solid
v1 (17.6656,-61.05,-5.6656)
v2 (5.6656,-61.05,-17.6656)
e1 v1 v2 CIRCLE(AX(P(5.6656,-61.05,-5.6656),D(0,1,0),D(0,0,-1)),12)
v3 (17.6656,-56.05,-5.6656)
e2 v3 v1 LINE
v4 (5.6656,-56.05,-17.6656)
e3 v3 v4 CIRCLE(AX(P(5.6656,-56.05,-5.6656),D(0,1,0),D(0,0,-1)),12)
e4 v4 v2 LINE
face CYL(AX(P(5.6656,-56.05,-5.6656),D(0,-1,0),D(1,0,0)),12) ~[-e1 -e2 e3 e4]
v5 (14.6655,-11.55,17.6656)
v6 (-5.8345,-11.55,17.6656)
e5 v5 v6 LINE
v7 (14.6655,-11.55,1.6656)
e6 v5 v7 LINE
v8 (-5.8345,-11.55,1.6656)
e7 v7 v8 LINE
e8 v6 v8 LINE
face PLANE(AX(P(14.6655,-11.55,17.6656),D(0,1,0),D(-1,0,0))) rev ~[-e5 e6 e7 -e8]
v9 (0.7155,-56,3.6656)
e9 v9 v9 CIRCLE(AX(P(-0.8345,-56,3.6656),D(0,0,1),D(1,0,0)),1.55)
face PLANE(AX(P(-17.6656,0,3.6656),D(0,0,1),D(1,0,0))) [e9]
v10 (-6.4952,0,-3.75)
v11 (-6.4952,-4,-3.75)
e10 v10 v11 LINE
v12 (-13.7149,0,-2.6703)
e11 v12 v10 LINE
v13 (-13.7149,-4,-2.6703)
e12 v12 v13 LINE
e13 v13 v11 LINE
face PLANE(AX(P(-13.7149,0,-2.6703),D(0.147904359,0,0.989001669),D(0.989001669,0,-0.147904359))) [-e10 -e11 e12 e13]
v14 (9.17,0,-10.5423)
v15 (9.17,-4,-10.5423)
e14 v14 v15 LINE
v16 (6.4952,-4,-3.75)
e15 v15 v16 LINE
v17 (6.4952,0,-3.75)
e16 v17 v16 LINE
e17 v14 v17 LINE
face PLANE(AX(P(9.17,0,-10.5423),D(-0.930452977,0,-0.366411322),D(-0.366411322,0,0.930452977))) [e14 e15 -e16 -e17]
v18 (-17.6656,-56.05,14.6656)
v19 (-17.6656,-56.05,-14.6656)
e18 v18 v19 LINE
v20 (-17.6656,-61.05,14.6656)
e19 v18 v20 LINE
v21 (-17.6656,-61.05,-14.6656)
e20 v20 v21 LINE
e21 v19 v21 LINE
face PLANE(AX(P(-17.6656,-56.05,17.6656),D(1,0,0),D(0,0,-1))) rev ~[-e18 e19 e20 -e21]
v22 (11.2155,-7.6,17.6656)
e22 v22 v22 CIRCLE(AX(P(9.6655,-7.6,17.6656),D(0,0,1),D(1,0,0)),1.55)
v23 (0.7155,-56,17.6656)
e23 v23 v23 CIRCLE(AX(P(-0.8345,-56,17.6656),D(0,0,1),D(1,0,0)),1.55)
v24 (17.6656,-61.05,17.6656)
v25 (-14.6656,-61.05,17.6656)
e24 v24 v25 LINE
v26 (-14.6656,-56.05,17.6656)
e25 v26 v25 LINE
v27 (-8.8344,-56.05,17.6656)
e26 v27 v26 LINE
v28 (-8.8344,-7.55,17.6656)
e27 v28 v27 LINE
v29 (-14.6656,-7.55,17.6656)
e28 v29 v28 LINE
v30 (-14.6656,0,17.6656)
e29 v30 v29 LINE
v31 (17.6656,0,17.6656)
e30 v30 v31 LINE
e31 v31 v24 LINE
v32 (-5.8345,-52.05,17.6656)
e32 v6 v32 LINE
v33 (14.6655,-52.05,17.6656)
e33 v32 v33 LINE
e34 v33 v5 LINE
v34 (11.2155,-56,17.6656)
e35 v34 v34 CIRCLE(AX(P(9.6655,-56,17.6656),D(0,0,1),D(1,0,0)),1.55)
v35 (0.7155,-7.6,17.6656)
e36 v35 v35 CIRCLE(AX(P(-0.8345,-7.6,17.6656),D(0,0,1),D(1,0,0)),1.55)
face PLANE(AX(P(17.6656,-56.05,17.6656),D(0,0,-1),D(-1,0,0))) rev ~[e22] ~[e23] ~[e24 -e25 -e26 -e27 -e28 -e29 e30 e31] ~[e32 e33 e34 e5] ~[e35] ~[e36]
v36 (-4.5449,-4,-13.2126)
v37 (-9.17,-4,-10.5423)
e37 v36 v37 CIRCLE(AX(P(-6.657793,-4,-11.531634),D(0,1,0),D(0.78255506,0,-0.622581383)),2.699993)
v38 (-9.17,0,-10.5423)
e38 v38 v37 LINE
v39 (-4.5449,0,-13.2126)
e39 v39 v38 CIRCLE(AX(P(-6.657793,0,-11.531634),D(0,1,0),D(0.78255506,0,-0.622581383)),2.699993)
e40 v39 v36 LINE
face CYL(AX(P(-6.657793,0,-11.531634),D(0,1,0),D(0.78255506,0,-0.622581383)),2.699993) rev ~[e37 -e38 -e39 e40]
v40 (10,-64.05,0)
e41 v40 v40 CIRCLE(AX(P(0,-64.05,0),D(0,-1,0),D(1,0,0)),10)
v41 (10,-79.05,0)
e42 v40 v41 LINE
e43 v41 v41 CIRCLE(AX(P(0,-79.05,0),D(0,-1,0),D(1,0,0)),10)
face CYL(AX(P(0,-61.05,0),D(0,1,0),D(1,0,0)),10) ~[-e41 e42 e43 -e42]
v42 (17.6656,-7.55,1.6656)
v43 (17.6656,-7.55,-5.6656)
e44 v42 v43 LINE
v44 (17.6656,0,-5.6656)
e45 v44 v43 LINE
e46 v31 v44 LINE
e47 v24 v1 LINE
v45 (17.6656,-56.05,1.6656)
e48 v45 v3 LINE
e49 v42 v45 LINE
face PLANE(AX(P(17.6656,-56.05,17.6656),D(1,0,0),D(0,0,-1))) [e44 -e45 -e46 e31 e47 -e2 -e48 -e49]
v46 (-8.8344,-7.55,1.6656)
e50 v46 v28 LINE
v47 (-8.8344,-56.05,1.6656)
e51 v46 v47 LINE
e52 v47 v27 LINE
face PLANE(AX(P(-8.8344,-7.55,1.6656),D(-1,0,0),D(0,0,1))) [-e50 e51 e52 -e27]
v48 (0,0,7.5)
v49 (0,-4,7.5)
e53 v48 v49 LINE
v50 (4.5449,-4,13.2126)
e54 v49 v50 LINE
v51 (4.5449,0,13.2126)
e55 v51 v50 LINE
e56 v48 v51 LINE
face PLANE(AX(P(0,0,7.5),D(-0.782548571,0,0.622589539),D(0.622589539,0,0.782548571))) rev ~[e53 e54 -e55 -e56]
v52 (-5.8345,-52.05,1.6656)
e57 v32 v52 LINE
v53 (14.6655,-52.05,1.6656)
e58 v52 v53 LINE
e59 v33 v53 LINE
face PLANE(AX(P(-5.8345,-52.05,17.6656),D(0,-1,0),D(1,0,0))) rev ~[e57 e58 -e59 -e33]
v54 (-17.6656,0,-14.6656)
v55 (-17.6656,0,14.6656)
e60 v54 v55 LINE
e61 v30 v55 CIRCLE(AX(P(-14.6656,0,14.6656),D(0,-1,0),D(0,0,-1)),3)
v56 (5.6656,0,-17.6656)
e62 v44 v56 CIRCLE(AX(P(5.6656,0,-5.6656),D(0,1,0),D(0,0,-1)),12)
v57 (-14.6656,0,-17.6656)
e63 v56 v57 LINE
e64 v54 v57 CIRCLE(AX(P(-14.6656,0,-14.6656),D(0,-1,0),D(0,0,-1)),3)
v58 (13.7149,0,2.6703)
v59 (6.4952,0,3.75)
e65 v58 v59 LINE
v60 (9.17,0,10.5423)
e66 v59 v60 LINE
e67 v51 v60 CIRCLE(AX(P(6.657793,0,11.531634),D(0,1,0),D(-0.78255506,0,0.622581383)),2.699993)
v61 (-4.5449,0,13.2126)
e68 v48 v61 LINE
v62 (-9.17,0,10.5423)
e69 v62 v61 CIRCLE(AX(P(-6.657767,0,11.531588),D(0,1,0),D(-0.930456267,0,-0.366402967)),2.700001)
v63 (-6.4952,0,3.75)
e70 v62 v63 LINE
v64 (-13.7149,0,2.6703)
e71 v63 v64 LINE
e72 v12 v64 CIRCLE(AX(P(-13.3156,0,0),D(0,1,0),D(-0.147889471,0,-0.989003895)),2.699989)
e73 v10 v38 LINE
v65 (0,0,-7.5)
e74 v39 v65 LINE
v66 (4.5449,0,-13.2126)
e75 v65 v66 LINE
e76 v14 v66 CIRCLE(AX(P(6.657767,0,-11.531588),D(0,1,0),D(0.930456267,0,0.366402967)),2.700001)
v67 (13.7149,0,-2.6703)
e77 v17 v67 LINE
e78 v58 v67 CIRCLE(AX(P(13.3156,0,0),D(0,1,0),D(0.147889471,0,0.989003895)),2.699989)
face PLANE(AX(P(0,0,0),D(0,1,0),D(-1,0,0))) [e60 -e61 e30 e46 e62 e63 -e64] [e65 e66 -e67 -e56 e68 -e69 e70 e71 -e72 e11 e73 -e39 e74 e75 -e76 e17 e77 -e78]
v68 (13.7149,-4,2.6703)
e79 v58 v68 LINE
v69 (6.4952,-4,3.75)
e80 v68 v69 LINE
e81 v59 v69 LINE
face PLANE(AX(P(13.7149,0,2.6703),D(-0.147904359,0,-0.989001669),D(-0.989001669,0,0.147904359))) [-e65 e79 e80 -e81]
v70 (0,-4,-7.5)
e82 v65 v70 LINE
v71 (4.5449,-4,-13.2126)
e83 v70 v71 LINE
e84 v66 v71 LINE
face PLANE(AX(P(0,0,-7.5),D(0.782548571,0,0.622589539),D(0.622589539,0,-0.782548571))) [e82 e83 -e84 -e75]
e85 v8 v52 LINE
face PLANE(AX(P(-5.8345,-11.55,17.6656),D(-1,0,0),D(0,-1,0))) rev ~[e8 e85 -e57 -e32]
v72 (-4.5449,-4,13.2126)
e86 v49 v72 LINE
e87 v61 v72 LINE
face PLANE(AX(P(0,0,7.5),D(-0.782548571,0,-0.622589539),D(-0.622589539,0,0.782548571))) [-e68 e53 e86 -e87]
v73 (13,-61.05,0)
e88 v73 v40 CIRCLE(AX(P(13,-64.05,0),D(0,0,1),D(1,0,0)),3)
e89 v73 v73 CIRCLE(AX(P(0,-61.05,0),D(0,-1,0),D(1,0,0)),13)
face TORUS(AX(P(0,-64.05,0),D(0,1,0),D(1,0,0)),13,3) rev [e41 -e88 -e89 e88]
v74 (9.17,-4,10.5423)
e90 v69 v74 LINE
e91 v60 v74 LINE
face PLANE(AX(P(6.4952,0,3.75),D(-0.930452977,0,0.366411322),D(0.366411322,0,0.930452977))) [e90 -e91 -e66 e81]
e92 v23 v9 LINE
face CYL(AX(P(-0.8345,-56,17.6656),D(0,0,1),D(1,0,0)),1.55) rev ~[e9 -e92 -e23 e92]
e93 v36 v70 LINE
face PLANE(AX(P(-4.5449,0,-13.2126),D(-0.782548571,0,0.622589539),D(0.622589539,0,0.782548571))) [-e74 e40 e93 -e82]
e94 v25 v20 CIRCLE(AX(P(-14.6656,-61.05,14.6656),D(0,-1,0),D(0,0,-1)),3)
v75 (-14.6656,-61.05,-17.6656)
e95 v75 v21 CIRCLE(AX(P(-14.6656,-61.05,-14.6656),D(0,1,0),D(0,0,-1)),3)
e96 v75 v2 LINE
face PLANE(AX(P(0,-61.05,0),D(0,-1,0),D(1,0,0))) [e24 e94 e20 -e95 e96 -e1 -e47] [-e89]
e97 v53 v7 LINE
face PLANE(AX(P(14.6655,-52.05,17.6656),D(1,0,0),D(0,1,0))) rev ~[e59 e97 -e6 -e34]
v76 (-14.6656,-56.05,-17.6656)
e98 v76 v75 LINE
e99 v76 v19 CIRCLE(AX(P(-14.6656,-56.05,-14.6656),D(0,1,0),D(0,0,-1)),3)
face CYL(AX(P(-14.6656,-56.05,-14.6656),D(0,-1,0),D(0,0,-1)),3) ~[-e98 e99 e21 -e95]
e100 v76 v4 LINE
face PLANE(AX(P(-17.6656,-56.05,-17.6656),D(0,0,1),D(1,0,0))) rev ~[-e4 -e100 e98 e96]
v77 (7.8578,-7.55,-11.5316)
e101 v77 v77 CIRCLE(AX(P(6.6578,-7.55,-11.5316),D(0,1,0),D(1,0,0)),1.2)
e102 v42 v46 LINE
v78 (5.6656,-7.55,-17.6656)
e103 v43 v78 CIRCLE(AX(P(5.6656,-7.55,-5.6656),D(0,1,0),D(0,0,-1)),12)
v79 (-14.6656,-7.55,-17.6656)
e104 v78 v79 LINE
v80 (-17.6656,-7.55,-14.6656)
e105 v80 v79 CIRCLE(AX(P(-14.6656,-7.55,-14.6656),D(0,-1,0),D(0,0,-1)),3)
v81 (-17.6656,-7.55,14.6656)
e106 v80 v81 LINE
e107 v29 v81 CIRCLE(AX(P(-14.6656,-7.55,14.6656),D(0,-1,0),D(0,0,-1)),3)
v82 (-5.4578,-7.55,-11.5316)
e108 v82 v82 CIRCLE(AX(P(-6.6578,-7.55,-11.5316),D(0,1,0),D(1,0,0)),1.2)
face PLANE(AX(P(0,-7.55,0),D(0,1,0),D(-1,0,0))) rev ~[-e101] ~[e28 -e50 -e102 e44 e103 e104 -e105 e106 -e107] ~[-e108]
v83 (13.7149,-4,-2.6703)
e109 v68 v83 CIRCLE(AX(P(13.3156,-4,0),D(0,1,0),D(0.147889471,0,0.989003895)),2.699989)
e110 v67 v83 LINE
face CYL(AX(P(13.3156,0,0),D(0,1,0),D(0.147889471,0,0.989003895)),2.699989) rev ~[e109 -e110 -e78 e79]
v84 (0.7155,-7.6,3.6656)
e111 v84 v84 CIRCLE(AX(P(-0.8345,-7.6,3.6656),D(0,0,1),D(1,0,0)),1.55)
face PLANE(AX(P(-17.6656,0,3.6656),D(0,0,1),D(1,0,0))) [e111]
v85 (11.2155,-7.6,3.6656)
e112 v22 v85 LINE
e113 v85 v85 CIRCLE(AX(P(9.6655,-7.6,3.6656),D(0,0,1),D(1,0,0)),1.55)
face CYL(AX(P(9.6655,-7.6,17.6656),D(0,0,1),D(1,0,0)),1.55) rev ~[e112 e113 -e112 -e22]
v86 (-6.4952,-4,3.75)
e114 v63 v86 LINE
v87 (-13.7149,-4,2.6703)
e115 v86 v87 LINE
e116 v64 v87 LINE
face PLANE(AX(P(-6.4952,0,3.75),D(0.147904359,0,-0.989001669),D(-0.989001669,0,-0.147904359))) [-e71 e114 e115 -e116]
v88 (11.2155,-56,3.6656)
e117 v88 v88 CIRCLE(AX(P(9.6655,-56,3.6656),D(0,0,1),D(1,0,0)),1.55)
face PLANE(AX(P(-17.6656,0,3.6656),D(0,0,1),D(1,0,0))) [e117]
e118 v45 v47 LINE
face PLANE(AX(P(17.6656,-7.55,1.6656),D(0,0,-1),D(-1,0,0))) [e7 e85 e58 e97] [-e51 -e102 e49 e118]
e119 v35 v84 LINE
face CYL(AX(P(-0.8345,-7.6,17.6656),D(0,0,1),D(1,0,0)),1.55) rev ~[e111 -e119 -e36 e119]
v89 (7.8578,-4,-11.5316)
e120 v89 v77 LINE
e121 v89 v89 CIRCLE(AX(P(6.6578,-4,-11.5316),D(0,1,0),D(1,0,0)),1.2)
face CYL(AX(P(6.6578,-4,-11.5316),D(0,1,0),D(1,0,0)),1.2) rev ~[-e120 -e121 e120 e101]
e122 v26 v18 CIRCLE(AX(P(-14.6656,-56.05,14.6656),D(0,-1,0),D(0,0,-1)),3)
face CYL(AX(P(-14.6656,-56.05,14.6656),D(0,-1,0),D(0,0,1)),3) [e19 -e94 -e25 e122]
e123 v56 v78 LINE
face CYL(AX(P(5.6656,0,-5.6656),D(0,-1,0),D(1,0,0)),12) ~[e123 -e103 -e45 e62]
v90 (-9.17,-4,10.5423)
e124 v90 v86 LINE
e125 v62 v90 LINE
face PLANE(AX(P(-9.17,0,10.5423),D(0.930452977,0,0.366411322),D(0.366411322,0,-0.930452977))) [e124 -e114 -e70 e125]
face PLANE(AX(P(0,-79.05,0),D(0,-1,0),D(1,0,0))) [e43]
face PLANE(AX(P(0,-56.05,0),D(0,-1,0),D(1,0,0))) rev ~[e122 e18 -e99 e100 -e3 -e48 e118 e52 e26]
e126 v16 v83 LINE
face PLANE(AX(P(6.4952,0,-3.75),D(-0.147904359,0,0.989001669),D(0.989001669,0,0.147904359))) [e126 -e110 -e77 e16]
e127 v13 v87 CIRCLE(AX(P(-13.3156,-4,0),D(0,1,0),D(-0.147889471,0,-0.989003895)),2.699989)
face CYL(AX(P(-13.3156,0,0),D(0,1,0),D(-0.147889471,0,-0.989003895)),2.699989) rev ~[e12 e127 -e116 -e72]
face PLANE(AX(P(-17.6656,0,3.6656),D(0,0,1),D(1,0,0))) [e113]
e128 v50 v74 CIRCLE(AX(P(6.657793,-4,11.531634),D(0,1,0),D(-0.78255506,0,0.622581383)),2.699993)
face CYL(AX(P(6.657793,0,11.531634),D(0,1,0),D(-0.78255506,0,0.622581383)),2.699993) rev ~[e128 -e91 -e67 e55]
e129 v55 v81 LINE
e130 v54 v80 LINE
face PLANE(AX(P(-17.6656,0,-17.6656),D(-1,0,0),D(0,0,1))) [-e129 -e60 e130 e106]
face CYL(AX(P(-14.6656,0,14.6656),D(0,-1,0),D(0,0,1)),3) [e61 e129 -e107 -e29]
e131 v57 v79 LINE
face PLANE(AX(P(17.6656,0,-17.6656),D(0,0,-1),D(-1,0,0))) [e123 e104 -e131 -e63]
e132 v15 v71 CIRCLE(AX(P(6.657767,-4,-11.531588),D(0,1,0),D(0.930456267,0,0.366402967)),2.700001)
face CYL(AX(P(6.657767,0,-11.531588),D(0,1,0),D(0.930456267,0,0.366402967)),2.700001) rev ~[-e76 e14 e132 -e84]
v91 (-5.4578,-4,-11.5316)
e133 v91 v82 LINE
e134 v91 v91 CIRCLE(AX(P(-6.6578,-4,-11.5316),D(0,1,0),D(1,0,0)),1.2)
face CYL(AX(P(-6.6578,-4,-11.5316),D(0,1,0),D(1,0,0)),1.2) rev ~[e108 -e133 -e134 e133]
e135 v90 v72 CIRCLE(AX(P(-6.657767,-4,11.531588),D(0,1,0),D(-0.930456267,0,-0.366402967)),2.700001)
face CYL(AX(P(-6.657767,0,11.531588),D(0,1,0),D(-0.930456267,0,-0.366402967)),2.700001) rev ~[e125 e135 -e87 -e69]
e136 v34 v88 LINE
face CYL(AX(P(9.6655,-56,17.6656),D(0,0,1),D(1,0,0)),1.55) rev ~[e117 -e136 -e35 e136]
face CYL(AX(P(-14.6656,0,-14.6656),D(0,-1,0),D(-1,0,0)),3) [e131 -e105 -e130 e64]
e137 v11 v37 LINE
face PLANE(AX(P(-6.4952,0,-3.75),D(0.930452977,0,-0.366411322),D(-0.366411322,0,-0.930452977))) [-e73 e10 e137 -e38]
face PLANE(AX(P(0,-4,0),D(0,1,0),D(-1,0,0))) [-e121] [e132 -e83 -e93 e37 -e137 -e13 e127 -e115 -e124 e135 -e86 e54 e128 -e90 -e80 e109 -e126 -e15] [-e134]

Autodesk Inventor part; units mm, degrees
ref_plane "YZ Plane" through (0, 0, 0) normal (1, 0, 0) x (0, 1, 0)
ref_plane "XZ Plane" through (0, 0, 0) normal (0, 1, 0) x (-1, 0, 0)
ref_plane "XY Plane" through (0, 0, 0) normal (0, 0, 1) x (1, 0, 0)
sketch "Boceto1" plane through (0, 0, 0) normal (0, 1, 0) x (-1, 0, 0)
  circle A0 centre (0, 0) radius 7.5 construction
  line L0 (0, 7.5) -> (4.5449, 13.2126)
  arc A1 (9.17, 10.5423) -> (4.5449, 13.2126) centre (6.6578, 11.5316) ccw
  line L1 (9.17, 10.5423) -> (6.4952, 3.75)
  line L2 (6.4952, 3.75) -> (13.7149, 2.6703)
  arc A2 (13.7149, -2.6703) -> (13.7149, 2.6703) centre (13.3156, 0) ccw
  line L3 (13.7149, -2.6703) -> (6.4952, -3.75)
  line L4 (6.4952, -3.75) -> (9.17, -10.5423)
  arc A3 (4.5449, -13.2126) -> (9.17, -10.5423) centre (6.6578, -11.5316) ccw
  line L5 (4.5449, -13.2126) -> (0, -7.5)
  line L6 (0, -7.5) -> (-4.5449, -13.2126)
  arc A4 (-9.17, -10.5423) -> (-4.5449, -13.2126) centre (-6.6578, -11.5316) ccw
  line L7 (-9.17, -10.5423) -> (-6.4952, -3.75)
  line L8 (-6.4952, -3.75) -> (-13.7149, -2.6703)
  arc A5 (-13.7149, 2.6703) -> (-13.7149, -2.6703) centre (-13.3156, 0) ccw
  line L9 (-13.7149, 2.6703) -> (-6.4952, 3.75)
  line L10 (-6.4952, 3.75) -> (-9.17, 10.5423)
  line L11 (0, 7.5) -> (-4.5449, 13.2126)
  arc A6 (-4.5449, 13.2126) -> (-9.17, 10.5423) centre (-6.6578, 11.5316) ccw
  dimension "d6" = 15
  dimension "d11" = 2.7
  dimension "d12" = 7.3
  dimension "d13" = 60
sketch "Boceto2" plane through (0, 0, 0) normal (0, 1, 0) x (-1, 0, 0)
  line L0 (17.6656, 17.6656) -> (-17.6656, 17.6656)
  line L1 (-17.6656, 17.6656) -> (-17.6656, -17.6656)
  line L2 (-17.6656, -17.6656) -> (17.6656, -17.6656)
  line L3 (17.6656, -17.6656) -> (17.6656, 17.6656)
  arc A0 (-13.7149, 2.6703) -> (-13.7149, -2.6703) centre (-13.3156, 0) ccw projected
  point P0 (0, 0)
  point P1 (0, -17.6656)
  point P2 (17.6656, 0)
  dimension "d14" = 4.35
  dimension "profundidad_hombro" = 35.3311
extrude "Extrusión1" add sketch "Boceto2" against normal blind 7.55
extrude "Extrusión2" cut sketch "Boceto1" against normal blind 4
sketch "Boceto3" plane through (0, -7.55, 0) normal (0, -1, 0) x (1, 0, 0)
  line L0 (17.6656, -17.6656) -> (-17.6656, -17.6656) construction
  line L1 (-8.8344, 17.6656) -> (17.6656, 17.6656)
  line L2 (17.6656, 17.6656) -> (17.6656, 1.6656)
  line L3 (17.6656, 1.6656) -> (-8.8344, 1.6656)
  line L4 (-8.8344, 1.6656) -> (-8.8344, 17.6656)
  line L5 (17.6656, 17.6656) -> (-17.6656, 17.6656) projected
  line L6 (17.6656, 17.6656) -> (-17.6656, 17.6656) projected
  line L7 (-17.6656, 17.6656) -> (-17.6656, -17.6656) projected
  line L8 (-17.6656, -17.6656) -> (17.6656, -17.6656) projected
  line L9 (17.6656, -17.6656) -> (17.6656, 17.6656) projected
  point P0 (0, 0)
  point P1 (-2.7738, 1.6656)
  dimension "d20" = 16
  dimension "d59" = 26.5
extrude "Extrusión3" add sketch "Boceto3" along normal blind 48.5 contours L1 L2 L3 L4
sketch "Boceto4" plane through (0, -56.05, 0) normal (0, -1, 0) x (1, 0, 0)
  line L0 (17.6656, 17.6656) -> (17.6656, -17.6656) projected
  line L1 (-17.6656, -17.6656) -> (17.6656, -17.6656)
  line L2 (17.6656, -17.6656) -> (17.6656, 17.6656)
  line L3 (17.6656, 17.6656) -> (-17.6656, 17.6656)
  line L4 (-17.6656, 17.6656) -> (-17.6656, -17.6656)
  point P0 (0, 0)
extrude "Extrusión4" add sketch "Boceto4" along normal blind 5
sketch "Boceto5" plane through (0, -61.05, 0) normal (0, -1, 0) x (1, 0, 0)
  circle A0 centre (0, 0) radius 10
  dimension "diametro_eje_hombro" = 20
extrude "Extrusión5" add sketch "Boceto5" along normal blind 18
sketch "Sketch11" plane through (-17.6656, 0, 17.6656) normal (0, 0, 1) x (1, 0, 0)
  line L0 (11.8311, -52.05) -> (32.3311, -52.05)
  line L1 (32.3311, -52.05) -> (32.3311, -11.55)
  line L2 (32.3311, -11.55) -> (11.8311, -11.55)
  line L3 (11.8311, -11.55) -> (11.8311, -52.05)
  line L4 (8.8311, -7.55) -> (8.8311, -56.05) projected
  line L5 (35.3311, 0) -> (35.3311, -61.05) projected
  point P0 (17.6656, 0)
  point P1 (11.8311, -31.8)
  point P2 (8.8311, -31.8)
  dimension "d60" = 40.5
  dimension "d61" = 3
  dimension "d62" = 3
extrude "Extrusion12" cut sketch "Sketch11" against normal up to surface (16 mm away)
sketch "Sketch12" plane through (-17.6656, 0, 17.6656) normal (0, 0, 1) x (1, 0, 0)
  circle A0 centre (16.8311, -56) radius 1.55
  circle A1 centre (27.3311, -56) radius 1.55
  circle A2 centre (27.3311, -7.6) radius 1.55
  circle A3 centre (16.8311, -7.6) radius 1.55
  line L0 (32.3311, -52.05) -> (11.8311, -52.05) projected
  line L1 (11.8311, -11.55) -> (32.3311, -11.55) projected
  line L2 (32.3311, -11.55) -> (32.3311, -52.05) projected
  line L3 (11.8311, -52.05) -> (11.8311, -11.55) projected
  point P0 (17.6656, 0)
  dimension "d65" = 3.1
  dimension "d66" = 3.95
  dimension "d67" = 3.95
  dimension "d68" = 5
  dimension "d69" = 5
extrude "Extrusion13" cut sketch "Sketch12" against normal blind 14 contours A0 | A1 | A2 | A3
fillet "Fillet2" radius 12 2 edges at (17.6656, -3.775, -17.6656) (17.6656, -58.55, -17.6656)
fillet "Fillet3" radius 3 5 edges at (-10, -61.05, 0) (-17.6656, -58.55, 17.6656) (-17.6656, -3.775, 17.6656) (-17.6656, -3.775, -17.6656) (-17.6656, -58.55, -17.6656)
sketch "Sketch15" plane through (0, -4, 0) normal (0, 1, 0) x (1, 0, 0)
  arc A0 (-4.5449, 13.2126) -> (-9.17, 10.5423) centre (-6.6578, 11.5316) ccw projected
  circle A1 centre (-6.6578, 11.5316) radius 1.2
  arc A2 (9.17, 10.5423) -> (4.5449, 13.2126) centre (6.6578, 11.5316) ccw projected
  circle A3 centre (6.6578, 11.5316) radius 1.2
  point P0 (0, 0)
  dimension "d78" = 1.5
extrude "Extrusion15" cut sketch "Sketch15" against normal blind 10
equation "\"d12\" = largo_petalo"
equation "\"d62\" = d61"
equation "\"d67\" = d66"
equation "\"largo_petalo\" = 7.3"
properties part number "Pata - Hombro"
